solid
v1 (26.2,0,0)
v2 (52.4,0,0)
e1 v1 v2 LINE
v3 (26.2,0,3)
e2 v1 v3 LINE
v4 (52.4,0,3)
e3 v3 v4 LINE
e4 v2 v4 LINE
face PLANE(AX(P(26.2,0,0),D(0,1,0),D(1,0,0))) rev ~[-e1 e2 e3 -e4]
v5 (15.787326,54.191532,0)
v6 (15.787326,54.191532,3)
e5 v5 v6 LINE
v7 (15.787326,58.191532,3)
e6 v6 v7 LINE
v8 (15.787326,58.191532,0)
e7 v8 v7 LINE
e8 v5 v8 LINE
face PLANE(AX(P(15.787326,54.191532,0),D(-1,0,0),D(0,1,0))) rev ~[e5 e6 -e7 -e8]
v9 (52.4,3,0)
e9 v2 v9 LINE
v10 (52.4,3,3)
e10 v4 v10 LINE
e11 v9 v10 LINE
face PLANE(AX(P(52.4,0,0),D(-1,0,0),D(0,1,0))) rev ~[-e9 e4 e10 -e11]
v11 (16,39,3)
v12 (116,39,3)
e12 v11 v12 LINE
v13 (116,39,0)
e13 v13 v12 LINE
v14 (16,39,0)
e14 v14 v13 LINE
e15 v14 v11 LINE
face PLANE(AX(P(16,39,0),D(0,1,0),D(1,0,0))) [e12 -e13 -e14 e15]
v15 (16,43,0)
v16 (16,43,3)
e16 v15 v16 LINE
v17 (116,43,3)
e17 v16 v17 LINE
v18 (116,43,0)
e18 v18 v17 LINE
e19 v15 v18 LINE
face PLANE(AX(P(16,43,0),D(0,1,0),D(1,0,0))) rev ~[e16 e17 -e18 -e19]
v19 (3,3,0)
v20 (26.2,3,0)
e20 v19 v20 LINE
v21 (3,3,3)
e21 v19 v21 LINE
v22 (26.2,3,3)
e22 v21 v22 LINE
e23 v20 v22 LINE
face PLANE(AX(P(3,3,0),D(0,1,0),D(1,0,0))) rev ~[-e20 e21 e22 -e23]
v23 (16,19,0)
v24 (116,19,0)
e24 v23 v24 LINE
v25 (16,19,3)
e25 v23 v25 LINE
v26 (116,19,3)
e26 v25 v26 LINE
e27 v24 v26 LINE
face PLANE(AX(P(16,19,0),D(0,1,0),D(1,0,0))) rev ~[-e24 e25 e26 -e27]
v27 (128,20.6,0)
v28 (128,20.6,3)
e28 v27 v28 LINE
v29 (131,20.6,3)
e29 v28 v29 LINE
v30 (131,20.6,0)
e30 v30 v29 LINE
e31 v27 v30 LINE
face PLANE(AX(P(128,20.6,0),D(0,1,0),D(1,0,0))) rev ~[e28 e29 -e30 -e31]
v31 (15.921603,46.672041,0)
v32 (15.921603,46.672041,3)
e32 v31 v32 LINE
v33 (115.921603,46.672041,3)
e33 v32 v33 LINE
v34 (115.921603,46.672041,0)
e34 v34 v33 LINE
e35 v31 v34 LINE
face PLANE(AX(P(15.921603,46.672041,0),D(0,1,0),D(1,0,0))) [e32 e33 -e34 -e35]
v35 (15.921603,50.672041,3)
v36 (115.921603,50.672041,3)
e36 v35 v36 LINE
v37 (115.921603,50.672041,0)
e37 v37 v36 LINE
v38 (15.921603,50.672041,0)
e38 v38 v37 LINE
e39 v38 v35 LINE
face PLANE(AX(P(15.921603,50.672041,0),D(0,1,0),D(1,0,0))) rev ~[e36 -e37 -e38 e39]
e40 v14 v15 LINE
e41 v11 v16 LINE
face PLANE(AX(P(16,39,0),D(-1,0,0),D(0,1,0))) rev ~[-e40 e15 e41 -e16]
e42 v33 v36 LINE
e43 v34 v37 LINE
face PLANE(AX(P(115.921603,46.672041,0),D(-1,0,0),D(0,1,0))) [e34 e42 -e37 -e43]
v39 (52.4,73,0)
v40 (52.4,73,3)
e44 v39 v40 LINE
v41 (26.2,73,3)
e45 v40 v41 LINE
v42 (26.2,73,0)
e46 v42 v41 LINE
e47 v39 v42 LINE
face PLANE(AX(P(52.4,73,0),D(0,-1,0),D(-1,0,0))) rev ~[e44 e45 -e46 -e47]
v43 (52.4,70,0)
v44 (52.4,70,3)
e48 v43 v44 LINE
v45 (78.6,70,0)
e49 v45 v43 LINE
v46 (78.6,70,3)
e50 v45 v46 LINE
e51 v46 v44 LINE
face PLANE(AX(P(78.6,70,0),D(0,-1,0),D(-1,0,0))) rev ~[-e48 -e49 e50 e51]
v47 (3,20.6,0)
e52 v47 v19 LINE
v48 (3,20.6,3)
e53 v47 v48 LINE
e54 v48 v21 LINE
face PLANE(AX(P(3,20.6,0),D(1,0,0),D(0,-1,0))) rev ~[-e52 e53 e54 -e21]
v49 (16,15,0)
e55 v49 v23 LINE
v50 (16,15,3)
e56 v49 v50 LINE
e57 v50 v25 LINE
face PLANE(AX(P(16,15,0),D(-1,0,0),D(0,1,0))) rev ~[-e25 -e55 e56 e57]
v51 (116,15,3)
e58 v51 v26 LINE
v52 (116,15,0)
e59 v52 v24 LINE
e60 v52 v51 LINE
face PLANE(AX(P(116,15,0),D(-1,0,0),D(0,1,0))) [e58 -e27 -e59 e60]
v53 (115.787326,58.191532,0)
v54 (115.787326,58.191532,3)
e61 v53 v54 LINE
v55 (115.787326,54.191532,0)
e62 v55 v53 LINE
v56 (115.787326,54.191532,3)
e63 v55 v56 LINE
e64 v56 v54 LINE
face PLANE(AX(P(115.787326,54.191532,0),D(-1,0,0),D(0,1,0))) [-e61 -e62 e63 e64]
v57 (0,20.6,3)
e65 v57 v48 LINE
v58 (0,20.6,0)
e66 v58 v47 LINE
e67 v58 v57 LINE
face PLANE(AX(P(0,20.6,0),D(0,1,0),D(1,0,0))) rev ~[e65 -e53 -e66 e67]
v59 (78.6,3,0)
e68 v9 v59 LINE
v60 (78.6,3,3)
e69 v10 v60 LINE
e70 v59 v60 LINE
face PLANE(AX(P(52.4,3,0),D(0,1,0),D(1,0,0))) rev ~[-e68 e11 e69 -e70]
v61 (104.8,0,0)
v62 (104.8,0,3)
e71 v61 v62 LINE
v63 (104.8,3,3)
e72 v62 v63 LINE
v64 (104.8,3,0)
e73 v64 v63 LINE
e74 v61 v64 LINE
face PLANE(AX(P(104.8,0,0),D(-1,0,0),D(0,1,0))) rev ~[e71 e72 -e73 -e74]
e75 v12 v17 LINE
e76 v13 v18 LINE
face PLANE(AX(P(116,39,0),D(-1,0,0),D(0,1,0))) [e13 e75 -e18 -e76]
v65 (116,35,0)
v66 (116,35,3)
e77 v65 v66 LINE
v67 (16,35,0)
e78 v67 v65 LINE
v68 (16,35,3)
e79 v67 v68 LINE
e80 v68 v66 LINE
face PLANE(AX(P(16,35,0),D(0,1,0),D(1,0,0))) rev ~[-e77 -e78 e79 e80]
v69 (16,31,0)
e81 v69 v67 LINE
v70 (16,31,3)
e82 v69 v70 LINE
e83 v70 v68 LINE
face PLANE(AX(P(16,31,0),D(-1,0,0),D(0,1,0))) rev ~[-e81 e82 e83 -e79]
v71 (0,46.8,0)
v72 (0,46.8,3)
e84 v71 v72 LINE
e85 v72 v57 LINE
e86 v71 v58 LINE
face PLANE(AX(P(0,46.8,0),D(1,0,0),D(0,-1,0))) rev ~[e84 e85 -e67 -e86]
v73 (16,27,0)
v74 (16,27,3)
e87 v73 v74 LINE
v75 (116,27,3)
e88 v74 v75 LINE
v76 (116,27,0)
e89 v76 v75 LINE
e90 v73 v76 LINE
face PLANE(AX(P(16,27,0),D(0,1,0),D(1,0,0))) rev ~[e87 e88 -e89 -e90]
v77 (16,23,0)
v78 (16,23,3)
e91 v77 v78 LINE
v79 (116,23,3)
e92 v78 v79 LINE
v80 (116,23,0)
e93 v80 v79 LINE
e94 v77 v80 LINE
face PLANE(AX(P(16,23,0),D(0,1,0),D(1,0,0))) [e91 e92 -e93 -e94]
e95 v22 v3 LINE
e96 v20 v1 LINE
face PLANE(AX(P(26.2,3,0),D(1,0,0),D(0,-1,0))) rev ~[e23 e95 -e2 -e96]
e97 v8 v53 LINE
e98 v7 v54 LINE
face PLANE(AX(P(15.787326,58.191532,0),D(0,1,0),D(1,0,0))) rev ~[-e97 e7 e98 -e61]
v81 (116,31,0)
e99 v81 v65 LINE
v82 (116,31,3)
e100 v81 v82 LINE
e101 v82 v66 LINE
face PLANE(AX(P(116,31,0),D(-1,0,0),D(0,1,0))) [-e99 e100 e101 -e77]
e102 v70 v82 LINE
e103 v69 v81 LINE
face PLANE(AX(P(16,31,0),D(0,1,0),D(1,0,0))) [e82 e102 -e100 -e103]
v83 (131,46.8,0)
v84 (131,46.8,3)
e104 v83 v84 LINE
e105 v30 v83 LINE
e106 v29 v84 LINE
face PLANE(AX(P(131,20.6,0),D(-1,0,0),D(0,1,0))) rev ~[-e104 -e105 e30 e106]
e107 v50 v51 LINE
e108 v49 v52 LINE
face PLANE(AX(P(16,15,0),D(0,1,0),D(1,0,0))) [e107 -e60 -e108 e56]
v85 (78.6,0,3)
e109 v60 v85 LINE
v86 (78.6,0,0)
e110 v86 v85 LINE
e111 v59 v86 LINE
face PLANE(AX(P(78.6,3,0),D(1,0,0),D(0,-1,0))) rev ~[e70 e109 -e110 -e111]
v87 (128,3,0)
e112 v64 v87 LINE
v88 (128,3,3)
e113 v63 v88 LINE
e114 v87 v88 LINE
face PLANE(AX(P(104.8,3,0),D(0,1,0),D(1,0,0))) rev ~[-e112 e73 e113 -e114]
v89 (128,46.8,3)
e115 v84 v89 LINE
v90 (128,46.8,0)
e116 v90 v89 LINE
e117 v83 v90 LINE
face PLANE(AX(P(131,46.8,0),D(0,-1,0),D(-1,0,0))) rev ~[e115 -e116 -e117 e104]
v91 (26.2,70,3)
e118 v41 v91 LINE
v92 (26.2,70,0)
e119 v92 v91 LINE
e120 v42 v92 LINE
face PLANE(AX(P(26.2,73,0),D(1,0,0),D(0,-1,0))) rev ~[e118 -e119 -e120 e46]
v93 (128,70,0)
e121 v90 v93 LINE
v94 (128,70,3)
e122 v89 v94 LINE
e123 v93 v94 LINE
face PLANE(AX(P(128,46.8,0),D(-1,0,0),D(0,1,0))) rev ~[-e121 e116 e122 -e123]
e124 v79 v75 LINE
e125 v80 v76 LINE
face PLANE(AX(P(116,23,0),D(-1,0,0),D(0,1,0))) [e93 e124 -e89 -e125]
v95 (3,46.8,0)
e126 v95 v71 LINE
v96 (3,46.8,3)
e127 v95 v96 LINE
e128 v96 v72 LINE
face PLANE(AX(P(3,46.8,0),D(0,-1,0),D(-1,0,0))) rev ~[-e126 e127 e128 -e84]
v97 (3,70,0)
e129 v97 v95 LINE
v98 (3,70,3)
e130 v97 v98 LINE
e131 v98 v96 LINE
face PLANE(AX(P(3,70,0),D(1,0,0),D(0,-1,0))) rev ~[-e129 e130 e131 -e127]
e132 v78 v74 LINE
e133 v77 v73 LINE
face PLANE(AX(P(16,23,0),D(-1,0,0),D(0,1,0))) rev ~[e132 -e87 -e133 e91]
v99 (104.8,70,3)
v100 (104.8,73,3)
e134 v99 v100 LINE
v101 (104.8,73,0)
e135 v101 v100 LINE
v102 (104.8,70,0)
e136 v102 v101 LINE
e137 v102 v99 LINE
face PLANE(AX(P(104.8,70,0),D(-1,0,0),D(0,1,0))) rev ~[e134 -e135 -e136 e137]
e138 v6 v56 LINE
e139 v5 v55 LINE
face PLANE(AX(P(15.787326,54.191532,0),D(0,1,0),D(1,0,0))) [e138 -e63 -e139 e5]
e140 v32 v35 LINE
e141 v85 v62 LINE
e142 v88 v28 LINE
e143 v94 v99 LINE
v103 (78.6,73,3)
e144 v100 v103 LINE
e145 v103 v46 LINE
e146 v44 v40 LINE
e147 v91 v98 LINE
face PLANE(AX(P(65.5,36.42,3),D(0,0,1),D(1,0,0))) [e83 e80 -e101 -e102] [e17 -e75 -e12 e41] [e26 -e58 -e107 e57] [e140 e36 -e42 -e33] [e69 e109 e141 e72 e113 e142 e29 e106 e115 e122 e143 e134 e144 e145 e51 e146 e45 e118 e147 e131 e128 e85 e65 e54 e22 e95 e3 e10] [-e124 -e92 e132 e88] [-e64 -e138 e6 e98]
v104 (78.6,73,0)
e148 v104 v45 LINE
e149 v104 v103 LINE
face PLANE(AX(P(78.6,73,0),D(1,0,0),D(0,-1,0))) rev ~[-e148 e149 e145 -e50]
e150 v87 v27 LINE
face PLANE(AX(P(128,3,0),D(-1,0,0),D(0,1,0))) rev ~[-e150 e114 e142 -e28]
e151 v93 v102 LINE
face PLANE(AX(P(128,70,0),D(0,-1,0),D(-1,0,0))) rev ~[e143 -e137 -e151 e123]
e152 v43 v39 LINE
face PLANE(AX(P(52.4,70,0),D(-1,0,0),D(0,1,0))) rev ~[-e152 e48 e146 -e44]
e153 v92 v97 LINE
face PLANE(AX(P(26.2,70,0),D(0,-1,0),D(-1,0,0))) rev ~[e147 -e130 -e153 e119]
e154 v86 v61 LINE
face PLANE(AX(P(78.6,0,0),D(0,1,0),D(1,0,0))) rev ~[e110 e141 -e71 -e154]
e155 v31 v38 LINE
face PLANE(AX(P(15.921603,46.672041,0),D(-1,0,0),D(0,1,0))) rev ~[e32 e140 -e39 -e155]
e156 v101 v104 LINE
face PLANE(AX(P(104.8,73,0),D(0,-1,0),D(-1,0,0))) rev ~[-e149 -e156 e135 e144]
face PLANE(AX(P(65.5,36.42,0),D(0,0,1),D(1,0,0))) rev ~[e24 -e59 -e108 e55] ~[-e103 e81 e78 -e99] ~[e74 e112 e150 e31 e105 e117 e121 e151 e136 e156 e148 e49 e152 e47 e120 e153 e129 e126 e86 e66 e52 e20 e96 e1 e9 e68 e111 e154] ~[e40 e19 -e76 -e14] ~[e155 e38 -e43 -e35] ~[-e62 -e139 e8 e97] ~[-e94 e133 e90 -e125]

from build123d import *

# Parameters (mm, degrees)
SKETCH1_W           = 100
SKETCH1_H           = 4
BOSS_EXTRUDE1_DEPTH = 3


with BuildPart() as part:
    # Sketch1 → Boss-Extrude1 (new body)
    with BuildSketch(Plane.XY):
        Polygon((104.8, 73), (78.6, 73), (78.6, 70), (52.4, 70), (52.4, 73), (26.2, 73), (26.2, 70), (3, 70), (3, 46.8), (0, 46.8), (0, 20.6), (3, 20.6), (3, 3), (26.2, 3), (26.2, 0), (52.4, 0), (52.4, 3), (78.6, 3), (78.6, 0), (104.8, 0), (104.8, 3), (128, 3), (128, 20.6), (131, 20.6), (131, 46.8), (128, 46.8), (128, 70), (104.8, 70), align=None)
        with Locations((66, 17)):
            Rectangle(SKETCH1_W, SKETCH1_H, mode=Mode.SUBTRACT)
        with Locations((66, 25)):
            Rectangle(SKETCH1_W, SKETCH1_H, mode=Mode.SUBTRACT)
        with Locations((66, 33)):
            Rectangle(SKETCH1_W, SKETCH1_H, mode=Mode.SUBTRACT)
        with Locations((66, 41)):
            Rectangle(SKETCH1_W, SKETCH1_H, mode=Mode.SUBTRACT)
        with Locations((65.921603012, 48.672040999)):
            Rectangle(SKETCH1_W, SKETCH1_H, mode=Mode.SUBTRACT)
        with Locations((65.787326392, 56.191531722)):
            Rectangle(SKETCH1_W, SKETCH1_H, mode=Mode.SUBTRACT)
    extrude(amount=BOSS_EXTRUDE1_DEPTH)


solid = part.part
